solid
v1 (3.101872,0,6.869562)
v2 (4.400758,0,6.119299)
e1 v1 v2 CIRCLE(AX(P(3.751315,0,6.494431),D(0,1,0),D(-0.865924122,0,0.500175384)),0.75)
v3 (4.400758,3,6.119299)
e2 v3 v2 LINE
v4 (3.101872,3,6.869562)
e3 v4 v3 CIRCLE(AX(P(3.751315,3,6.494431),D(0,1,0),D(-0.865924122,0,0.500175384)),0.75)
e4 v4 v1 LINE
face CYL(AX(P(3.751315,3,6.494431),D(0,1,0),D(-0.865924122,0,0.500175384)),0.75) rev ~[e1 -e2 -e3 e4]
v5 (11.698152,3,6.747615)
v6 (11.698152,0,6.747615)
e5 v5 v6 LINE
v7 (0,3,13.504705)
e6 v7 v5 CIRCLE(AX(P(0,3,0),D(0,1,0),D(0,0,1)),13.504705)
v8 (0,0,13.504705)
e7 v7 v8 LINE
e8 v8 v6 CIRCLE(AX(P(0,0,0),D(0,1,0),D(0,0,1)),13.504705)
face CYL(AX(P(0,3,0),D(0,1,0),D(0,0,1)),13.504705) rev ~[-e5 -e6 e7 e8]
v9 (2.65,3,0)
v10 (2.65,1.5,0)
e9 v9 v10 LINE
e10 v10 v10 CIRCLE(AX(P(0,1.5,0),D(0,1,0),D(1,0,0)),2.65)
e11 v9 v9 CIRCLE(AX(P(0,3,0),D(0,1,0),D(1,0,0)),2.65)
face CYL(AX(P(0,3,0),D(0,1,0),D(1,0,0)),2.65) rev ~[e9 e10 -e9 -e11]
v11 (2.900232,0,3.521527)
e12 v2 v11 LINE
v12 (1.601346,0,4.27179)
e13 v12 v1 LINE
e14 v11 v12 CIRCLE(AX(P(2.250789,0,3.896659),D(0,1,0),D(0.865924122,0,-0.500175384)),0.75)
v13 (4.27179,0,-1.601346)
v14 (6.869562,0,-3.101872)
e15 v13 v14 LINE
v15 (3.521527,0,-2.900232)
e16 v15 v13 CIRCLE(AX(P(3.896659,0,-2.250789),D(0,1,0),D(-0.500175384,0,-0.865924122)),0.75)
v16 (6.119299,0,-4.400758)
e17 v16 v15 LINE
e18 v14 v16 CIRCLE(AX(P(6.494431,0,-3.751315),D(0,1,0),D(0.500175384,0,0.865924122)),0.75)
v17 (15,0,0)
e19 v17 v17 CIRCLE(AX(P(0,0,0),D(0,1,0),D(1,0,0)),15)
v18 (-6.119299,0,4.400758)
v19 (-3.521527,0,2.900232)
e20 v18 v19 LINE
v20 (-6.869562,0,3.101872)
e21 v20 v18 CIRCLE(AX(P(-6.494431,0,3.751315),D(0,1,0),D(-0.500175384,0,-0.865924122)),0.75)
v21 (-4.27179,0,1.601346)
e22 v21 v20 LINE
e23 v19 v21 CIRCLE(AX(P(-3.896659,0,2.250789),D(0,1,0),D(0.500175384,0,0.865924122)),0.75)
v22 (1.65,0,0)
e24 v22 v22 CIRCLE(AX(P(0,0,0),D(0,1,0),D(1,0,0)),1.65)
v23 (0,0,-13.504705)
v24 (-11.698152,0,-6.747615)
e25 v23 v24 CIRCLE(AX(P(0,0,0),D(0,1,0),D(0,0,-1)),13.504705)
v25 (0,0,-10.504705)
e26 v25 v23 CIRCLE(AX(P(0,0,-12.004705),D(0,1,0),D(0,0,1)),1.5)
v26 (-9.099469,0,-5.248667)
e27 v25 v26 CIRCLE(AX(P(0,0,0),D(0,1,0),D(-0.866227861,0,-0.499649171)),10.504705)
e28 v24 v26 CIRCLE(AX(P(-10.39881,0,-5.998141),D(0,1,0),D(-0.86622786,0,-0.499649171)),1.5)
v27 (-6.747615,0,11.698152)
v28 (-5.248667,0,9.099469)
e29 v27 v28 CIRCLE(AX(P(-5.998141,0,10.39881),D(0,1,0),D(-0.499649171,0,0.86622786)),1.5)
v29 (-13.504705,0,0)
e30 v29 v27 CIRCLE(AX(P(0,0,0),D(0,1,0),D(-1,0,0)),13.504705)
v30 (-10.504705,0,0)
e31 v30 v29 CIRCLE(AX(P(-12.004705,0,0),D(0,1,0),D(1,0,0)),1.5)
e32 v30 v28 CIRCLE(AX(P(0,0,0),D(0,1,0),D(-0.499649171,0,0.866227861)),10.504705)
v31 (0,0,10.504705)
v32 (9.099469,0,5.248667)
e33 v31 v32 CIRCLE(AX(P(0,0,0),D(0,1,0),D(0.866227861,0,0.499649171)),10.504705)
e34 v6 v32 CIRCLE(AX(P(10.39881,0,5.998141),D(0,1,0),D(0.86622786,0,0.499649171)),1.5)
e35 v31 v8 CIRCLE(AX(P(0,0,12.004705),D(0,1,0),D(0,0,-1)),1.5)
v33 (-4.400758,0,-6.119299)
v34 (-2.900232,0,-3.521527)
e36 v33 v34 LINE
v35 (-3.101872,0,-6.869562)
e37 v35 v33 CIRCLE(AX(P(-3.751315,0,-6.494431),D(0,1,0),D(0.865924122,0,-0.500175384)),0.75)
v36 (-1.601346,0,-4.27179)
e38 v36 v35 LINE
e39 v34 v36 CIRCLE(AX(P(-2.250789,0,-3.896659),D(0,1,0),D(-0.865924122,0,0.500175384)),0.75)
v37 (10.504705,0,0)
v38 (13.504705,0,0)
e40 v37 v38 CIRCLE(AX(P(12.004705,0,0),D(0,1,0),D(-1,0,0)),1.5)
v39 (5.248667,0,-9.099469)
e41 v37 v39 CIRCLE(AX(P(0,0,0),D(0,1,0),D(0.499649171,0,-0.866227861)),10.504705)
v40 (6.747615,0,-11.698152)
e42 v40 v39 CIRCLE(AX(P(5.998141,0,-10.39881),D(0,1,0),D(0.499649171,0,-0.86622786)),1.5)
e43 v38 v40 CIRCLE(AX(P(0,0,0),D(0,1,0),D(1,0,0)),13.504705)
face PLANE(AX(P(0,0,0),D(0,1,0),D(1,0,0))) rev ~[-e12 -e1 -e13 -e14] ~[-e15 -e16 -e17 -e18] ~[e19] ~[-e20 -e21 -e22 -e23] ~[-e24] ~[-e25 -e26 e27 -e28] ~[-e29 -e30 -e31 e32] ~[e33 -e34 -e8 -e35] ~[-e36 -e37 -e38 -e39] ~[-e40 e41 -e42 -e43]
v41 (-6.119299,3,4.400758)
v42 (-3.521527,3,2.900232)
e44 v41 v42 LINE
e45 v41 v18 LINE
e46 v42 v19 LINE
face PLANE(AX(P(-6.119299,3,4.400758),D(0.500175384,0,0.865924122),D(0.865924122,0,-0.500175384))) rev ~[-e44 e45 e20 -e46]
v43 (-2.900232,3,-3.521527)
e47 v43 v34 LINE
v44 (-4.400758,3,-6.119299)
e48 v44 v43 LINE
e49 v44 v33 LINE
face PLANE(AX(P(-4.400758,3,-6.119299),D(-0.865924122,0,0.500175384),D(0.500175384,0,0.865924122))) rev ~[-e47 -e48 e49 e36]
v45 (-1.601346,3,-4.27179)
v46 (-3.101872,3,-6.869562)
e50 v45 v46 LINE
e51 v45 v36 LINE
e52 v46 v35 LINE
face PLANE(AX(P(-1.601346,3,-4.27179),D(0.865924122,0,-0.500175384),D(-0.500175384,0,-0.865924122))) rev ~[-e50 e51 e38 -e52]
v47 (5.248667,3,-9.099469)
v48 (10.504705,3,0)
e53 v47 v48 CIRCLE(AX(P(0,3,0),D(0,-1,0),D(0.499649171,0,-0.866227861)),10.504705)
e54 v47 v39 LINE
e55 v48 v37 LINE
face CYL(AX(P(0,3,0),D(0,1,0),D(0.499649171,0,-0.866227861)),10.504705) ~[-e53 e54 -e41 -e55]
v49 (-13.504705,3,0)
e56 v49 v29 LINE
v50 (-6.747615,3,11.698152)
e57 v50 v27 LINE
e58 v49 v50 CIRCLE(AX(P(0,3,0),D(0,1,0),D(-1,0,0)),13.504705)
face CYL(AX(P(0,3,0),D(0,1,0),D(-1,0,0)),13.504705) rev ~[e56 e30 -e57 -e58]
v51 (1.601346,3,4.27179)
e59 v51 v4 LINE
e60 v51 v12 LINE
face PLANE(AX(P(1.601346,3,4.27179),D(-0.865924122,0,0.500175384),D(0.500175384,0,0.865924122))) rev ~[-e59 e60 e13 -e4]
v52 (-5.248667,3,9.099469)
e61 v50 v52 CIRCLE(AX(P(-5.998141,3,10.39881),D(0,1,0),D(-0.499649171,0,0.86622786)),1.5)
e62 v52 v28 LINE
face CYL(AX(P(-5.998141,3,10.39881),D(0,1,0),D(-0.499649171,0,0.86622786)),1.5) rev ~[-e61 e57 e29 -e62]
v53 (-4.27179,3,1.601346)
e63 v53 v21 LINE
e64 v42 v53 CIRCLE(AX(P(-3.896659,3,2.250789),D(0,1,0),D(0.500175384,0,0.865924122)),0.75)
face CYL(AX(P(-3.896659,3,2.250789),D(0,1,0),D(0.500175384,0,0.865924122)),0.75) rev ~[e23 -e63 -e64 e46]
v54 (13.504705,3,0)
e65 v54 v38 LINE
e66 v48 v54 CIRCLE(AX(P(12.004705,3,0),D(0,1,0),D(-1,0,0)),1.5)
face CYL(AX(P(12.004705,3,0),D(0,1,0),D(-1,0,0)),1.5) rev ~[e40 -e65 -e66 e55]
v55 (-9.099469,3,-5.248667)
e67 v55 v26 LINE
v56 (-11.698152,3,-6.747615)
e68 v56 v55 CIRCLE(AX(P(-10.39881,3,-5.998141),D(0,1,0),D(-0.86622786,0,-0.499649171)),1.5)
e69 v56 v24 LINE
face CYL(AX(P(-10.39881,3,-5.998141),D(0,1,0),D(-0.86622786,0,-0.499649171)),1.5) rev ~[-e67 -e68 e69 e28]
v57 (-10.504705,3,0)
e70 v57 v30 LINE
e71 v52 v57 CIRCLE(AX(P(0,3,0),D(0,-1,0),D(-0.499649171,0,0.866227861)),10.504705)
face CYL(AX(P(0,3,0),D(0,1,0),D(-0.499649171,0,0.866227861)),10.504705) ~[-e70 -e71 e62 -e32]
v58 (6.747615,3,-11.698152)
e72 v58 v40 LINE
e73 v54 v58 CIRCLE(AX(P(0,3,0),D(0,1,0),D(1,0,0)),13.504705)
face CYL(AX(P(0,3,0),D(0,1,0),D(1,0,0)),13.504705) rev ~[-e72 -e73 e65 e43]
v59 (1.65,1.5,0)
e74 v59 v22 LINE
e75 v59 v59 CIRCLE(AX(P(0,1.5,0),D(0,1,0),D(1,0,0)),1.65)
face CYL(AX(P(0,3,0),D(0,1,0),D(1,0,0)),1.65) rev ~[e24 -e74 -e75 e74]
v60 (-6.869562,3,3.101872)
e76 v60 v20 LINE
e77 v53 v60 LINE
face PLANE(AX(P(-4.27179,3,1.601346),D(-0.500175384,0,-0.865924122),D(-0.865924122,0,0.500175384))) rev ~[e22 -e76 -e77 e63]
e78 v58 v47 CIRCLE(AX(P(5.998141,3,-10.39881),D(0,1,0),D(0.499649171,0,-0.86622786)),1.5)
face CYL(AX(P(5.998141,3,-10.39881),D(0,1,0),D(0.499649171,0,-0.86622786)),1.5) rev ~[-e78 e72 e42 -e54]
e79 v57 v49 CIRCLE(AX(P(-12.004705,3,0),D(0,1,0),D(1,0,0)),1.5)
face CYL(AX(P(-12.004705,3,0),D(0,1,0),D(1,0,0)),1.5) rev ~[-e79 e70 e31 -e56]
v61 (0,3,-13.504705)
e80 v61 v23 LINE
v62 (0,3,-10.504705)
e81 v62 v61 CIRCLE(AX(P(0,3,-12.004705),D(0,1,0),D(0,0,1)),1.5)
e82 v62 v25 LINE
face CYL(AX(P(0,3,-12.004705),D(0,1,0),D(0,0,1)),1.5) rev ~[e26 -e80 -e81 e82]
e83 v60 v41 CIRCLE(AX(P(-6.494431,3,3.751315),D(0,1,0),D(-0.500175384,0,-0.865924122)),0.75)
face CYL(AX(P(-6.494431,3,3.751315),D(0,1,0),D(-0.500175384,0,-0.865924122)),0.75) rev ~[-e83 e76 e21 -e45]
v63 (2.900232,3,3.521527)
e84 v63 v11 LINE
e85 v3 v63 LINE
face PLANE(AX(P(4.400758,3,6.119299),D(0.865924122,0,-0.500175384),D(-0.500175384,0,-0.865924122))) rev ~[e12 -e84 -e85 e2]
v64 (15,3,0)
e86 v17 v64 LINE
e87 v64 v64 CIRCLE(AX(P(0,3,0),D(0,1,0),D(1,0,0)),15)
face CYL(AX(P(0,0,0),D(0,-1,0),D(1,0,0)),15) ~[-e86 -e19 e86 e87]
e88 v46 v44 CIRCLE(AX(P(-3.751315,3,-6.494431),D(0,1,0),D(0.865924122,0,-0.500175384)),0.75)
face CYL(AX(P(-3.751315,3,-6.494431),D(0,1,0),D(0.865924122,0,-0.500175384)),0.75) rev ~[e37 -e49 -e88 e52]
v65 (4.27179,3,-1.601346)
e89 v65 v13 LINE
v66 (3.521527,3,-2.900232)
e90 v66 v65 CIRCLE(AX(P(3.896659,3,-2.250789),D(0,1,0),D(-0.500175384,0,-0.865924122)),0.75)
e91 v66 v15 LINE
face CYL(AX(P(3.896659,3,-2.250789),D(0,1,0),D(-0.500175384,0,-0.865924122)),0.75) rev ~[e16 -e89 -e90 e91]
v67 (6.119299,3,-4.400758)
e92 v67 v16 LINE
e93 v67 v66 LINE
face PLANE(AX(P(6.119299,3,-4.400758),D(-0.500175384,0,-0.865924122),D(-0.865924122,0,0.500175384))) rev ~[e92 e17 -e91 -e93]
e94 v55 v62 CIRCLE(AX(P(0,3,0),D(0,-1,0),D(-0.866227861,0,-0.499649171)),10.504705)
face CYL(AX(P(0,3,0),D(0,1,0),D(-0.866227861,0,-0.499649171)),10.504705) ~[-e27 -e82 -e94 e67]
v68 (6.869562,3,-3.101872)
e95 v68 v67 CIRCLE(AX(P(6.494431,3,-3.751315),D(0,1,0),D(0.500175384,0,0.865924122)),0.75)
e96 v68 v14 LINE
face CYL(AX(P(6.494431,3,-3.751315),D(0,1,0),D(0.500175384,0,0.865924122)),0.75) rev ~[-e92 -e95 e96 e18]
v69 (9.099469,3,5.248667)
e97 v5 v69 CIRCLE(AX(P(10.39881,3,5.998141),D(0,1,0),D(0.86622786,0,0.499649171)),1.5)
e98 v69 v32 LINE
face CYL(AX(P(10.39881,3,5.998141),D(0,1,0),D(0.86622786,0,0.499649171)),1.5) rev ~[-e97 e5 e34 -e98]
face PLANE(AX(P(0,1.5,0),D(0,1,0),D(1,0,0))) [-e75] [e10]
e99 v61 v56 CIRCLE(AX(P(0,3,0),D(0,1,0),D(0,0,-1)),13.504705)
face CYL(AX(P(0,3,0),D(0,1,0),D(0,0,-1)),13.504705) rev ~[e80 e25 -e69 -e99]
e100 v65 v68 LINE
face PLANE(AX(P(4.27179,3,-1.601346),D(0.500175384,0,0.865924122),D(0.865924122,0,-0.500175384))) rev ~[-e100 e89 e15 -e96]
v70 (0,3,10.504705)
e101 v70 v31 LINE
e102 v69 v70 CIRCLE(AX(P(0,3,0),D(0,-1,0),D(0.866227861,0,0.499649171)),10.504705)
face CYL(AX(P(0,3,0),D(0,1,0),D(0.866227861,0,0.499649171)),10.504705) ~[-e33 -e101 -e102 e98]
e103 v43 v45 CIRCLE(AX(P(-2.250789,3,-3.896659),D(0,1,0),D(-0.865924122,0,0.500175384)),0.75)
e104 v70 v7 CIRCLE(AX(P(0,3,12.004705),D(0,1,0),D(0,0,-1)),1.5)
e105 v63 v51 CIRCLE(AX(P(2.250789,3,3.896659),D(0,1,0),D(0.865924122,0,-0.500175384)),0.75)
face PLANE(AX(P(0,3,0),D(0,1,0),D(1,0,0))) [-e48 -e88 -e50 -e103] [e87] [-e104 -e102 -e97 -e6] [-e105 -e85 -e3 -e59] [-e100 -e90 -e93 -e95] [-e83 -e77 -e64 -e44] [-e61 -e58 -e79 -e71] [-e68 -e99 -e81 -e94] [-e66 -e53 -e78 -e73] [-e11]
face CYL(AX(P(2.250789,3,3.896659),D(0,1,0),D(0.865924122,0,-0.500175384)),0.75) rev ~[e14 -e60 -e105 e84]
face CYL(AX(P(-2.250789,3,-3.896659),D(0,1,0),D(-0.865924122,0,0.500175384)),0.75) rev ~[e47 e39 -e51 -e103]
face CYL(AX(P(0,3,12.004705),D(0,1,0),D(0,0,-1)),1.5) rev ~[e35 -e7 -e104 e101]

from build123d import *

# Parameters (mm, degrees)
SKETCH_1_R          = 15
EXTRUDE_2_DEPTH     = 3
SKETCH_2_R          = 1.65
CUT_EXTRUDE_2_DEPTH = 17
SKETCH_2_4_R        = 2.65
SKETCH_2_4_R_2      = 1.65
CUT_EXTRUDE_3_DEPTH = 1.5


with BuildPart() as part:
    # 草图1 → 凸台-拉伸2 (new body)
    with BuildSketch(Plane(origin=(0, 0, 0), x_dir=(1, 0, 0), z_dir=(0, 1, 0))):
        Circle(SKETCH_1_R)
    extrude(amount=EXTRUDE_2_DEPTH)

    # 草图2 → 切除-拉伸2 (cut)
    with BuildSketch(Plane(origin=(0, 3, 0), x_dir=(1, 0, 0), z_dir=(0, 1, 0))):
        with BuildLine():
            Line((-4.400758471, 6.119299378), (-2.900232319, 3.521527012))
            ThreePointArc((-2.900232319, 3.521527012), (-1.87565769, 3.247215458), (-1.601346136, 4.271790088))
            Line((-1.601346136, 4.271790088), (-3.101872288, 6.869562454))
            ThreePointArc((-3.101872288, 6.869562454), (-4.126446917, 7.143874008), (-4.400758471, 6.119299378))
        make_face()
        with BuildLine():
            Line((6.119299378, 4.400758471), (3.521527012, 2.900232319))
            ThreePointArc((3.521527012, 2.900232319), (3.247215458, 1.87565769), (4.271790088, 1.601346136))
            Line((4.271790088, 1.601346136), (6.869562454, 3.101872288))
            ThreePointArc((6.869562454, 3.101872288), (7.143874008, 4.126446917), (6.119299378, 4.400758471))
        make_face()
        with BuildLine():
            Line((4.400758471, -6.119299378), (2.900232319, -3.521527012))
            ThreePointArc((2.900232319, -3.521527012), (1.87565769, -3.247215458), (1.601346136, -4.271790088))
            Line((1.601346136, -4.271790088), (3.101872288, -6.869562454))
            ThreePointArc((3.101872288, -6.869562454), (4.126446917, -7.143874008), (4.400758471, -6.119299378))
        make_face()
        with BuildLine():
            Line((-6.119299378, -4.400758471), (-3.521527012, -2.900232319))
            ThreePointArc((-3.521527012, -2.900232319), (-3.247215458, -1.87565769), (-4.271790088, -1.601346136))
            Line((-4.271790088, -1.601346136), (-6.869562454, -3.101872288))
            ThreePointArc((-6.869562454, -3.101872288), (-7.143874008, -4.126446917), (-6.119299378, -4.400758471))
        make_face()
        Circle(SKETCH_2_R)
        with BuildLine():
            ThreePointArc((0, 10.504705492), (1.5, 12.004705492), (0, 13.504705492))
            ThreePointArc((0, 13.504705492), (-6.754721254, 11.694050248), (-11.698152145, 6.747614899))
            ThreePointArc((-11.698152145, 6.747614899), (-11.14828411, 4.698799352), (-9.099468564, 5.248667387))
            ThreePointArc((-9.099468564, 5.248667387), (-5.254195103, 9.096277882), (0, 10.504705492))
        make_face()
        with BuildLine():
            ThreePointArc((10.504705492, 0), (12.004705492, -1.5), (13.504705492, 0))
            ThreePointArc((13.504705492, 0), (11.694050248, 6.754721254), (6.747614899, 11.698152145))
            ThreePointArc((6.747614899, 11.698152145), (4.698799352, 11.14828411), (5.248667387, 9.099468564))
            ThreePointArc((5.248667387, 9.099468564), (9.096277882, 5.254195103), (10.504705492, 0))
        make_face()
        with BuildLine():
            ThreePointArc((0, -10.504705492), (-1.5, -12.004705492), (0, -13.504705492))
            ThreePointArc((0, -13.504705492), (6.754721254, -11.694050248), (11.698152145, -6.747614899))
            ThreePointArc((11.698152145, -6.747614899), (11.14828411, -4.698799352), (9.099468564, -5.248667387))
            ThreePointArc((9.099468564, -5.248667387), (5.254195103, -9.096277882), (0, -10.504705492))
        make_face()
        with BuildLine():
            ThreePointArc((-10.504705492, 0), (-12.004705492, 1.5), (-13.504705492, 0))
            ThreePointArc((-13.504705492, 0), (-11.694050248, -6.754721254), (-6.747614899, -11.698152145))
            ThreePointArc((-6.747614899, -11.698152145), (-4.698799352, -11.14828411), (-5.248667387, -9.099468564))
            ThreePointArc((-5.248667387, -9.099468564), (-9.096277882, -5.254195103), (-10.504705492, 0))
        make_face()
    extrude(amount=-CUT_EXTRUDE_2_DEPTH, mode=Mode.SUBTRACT)

    # 草图2<4> → 切除-拉伸3 (cut)
    with BuildSketch(Plane(origin=(0, 3, 0), x_dir=(1, 0, 0), z_dir=(0, 1, 0))):
        Circle(SKETCH_2_4_R)
        Circle(SKETCH_2_4_R_2, mode=Mode.SUBTRACT)
    extrude(amount=-CUT_EXTRUDE_3_DEPTH, mode=Mode.SUBTRACT)


solid = part.part
